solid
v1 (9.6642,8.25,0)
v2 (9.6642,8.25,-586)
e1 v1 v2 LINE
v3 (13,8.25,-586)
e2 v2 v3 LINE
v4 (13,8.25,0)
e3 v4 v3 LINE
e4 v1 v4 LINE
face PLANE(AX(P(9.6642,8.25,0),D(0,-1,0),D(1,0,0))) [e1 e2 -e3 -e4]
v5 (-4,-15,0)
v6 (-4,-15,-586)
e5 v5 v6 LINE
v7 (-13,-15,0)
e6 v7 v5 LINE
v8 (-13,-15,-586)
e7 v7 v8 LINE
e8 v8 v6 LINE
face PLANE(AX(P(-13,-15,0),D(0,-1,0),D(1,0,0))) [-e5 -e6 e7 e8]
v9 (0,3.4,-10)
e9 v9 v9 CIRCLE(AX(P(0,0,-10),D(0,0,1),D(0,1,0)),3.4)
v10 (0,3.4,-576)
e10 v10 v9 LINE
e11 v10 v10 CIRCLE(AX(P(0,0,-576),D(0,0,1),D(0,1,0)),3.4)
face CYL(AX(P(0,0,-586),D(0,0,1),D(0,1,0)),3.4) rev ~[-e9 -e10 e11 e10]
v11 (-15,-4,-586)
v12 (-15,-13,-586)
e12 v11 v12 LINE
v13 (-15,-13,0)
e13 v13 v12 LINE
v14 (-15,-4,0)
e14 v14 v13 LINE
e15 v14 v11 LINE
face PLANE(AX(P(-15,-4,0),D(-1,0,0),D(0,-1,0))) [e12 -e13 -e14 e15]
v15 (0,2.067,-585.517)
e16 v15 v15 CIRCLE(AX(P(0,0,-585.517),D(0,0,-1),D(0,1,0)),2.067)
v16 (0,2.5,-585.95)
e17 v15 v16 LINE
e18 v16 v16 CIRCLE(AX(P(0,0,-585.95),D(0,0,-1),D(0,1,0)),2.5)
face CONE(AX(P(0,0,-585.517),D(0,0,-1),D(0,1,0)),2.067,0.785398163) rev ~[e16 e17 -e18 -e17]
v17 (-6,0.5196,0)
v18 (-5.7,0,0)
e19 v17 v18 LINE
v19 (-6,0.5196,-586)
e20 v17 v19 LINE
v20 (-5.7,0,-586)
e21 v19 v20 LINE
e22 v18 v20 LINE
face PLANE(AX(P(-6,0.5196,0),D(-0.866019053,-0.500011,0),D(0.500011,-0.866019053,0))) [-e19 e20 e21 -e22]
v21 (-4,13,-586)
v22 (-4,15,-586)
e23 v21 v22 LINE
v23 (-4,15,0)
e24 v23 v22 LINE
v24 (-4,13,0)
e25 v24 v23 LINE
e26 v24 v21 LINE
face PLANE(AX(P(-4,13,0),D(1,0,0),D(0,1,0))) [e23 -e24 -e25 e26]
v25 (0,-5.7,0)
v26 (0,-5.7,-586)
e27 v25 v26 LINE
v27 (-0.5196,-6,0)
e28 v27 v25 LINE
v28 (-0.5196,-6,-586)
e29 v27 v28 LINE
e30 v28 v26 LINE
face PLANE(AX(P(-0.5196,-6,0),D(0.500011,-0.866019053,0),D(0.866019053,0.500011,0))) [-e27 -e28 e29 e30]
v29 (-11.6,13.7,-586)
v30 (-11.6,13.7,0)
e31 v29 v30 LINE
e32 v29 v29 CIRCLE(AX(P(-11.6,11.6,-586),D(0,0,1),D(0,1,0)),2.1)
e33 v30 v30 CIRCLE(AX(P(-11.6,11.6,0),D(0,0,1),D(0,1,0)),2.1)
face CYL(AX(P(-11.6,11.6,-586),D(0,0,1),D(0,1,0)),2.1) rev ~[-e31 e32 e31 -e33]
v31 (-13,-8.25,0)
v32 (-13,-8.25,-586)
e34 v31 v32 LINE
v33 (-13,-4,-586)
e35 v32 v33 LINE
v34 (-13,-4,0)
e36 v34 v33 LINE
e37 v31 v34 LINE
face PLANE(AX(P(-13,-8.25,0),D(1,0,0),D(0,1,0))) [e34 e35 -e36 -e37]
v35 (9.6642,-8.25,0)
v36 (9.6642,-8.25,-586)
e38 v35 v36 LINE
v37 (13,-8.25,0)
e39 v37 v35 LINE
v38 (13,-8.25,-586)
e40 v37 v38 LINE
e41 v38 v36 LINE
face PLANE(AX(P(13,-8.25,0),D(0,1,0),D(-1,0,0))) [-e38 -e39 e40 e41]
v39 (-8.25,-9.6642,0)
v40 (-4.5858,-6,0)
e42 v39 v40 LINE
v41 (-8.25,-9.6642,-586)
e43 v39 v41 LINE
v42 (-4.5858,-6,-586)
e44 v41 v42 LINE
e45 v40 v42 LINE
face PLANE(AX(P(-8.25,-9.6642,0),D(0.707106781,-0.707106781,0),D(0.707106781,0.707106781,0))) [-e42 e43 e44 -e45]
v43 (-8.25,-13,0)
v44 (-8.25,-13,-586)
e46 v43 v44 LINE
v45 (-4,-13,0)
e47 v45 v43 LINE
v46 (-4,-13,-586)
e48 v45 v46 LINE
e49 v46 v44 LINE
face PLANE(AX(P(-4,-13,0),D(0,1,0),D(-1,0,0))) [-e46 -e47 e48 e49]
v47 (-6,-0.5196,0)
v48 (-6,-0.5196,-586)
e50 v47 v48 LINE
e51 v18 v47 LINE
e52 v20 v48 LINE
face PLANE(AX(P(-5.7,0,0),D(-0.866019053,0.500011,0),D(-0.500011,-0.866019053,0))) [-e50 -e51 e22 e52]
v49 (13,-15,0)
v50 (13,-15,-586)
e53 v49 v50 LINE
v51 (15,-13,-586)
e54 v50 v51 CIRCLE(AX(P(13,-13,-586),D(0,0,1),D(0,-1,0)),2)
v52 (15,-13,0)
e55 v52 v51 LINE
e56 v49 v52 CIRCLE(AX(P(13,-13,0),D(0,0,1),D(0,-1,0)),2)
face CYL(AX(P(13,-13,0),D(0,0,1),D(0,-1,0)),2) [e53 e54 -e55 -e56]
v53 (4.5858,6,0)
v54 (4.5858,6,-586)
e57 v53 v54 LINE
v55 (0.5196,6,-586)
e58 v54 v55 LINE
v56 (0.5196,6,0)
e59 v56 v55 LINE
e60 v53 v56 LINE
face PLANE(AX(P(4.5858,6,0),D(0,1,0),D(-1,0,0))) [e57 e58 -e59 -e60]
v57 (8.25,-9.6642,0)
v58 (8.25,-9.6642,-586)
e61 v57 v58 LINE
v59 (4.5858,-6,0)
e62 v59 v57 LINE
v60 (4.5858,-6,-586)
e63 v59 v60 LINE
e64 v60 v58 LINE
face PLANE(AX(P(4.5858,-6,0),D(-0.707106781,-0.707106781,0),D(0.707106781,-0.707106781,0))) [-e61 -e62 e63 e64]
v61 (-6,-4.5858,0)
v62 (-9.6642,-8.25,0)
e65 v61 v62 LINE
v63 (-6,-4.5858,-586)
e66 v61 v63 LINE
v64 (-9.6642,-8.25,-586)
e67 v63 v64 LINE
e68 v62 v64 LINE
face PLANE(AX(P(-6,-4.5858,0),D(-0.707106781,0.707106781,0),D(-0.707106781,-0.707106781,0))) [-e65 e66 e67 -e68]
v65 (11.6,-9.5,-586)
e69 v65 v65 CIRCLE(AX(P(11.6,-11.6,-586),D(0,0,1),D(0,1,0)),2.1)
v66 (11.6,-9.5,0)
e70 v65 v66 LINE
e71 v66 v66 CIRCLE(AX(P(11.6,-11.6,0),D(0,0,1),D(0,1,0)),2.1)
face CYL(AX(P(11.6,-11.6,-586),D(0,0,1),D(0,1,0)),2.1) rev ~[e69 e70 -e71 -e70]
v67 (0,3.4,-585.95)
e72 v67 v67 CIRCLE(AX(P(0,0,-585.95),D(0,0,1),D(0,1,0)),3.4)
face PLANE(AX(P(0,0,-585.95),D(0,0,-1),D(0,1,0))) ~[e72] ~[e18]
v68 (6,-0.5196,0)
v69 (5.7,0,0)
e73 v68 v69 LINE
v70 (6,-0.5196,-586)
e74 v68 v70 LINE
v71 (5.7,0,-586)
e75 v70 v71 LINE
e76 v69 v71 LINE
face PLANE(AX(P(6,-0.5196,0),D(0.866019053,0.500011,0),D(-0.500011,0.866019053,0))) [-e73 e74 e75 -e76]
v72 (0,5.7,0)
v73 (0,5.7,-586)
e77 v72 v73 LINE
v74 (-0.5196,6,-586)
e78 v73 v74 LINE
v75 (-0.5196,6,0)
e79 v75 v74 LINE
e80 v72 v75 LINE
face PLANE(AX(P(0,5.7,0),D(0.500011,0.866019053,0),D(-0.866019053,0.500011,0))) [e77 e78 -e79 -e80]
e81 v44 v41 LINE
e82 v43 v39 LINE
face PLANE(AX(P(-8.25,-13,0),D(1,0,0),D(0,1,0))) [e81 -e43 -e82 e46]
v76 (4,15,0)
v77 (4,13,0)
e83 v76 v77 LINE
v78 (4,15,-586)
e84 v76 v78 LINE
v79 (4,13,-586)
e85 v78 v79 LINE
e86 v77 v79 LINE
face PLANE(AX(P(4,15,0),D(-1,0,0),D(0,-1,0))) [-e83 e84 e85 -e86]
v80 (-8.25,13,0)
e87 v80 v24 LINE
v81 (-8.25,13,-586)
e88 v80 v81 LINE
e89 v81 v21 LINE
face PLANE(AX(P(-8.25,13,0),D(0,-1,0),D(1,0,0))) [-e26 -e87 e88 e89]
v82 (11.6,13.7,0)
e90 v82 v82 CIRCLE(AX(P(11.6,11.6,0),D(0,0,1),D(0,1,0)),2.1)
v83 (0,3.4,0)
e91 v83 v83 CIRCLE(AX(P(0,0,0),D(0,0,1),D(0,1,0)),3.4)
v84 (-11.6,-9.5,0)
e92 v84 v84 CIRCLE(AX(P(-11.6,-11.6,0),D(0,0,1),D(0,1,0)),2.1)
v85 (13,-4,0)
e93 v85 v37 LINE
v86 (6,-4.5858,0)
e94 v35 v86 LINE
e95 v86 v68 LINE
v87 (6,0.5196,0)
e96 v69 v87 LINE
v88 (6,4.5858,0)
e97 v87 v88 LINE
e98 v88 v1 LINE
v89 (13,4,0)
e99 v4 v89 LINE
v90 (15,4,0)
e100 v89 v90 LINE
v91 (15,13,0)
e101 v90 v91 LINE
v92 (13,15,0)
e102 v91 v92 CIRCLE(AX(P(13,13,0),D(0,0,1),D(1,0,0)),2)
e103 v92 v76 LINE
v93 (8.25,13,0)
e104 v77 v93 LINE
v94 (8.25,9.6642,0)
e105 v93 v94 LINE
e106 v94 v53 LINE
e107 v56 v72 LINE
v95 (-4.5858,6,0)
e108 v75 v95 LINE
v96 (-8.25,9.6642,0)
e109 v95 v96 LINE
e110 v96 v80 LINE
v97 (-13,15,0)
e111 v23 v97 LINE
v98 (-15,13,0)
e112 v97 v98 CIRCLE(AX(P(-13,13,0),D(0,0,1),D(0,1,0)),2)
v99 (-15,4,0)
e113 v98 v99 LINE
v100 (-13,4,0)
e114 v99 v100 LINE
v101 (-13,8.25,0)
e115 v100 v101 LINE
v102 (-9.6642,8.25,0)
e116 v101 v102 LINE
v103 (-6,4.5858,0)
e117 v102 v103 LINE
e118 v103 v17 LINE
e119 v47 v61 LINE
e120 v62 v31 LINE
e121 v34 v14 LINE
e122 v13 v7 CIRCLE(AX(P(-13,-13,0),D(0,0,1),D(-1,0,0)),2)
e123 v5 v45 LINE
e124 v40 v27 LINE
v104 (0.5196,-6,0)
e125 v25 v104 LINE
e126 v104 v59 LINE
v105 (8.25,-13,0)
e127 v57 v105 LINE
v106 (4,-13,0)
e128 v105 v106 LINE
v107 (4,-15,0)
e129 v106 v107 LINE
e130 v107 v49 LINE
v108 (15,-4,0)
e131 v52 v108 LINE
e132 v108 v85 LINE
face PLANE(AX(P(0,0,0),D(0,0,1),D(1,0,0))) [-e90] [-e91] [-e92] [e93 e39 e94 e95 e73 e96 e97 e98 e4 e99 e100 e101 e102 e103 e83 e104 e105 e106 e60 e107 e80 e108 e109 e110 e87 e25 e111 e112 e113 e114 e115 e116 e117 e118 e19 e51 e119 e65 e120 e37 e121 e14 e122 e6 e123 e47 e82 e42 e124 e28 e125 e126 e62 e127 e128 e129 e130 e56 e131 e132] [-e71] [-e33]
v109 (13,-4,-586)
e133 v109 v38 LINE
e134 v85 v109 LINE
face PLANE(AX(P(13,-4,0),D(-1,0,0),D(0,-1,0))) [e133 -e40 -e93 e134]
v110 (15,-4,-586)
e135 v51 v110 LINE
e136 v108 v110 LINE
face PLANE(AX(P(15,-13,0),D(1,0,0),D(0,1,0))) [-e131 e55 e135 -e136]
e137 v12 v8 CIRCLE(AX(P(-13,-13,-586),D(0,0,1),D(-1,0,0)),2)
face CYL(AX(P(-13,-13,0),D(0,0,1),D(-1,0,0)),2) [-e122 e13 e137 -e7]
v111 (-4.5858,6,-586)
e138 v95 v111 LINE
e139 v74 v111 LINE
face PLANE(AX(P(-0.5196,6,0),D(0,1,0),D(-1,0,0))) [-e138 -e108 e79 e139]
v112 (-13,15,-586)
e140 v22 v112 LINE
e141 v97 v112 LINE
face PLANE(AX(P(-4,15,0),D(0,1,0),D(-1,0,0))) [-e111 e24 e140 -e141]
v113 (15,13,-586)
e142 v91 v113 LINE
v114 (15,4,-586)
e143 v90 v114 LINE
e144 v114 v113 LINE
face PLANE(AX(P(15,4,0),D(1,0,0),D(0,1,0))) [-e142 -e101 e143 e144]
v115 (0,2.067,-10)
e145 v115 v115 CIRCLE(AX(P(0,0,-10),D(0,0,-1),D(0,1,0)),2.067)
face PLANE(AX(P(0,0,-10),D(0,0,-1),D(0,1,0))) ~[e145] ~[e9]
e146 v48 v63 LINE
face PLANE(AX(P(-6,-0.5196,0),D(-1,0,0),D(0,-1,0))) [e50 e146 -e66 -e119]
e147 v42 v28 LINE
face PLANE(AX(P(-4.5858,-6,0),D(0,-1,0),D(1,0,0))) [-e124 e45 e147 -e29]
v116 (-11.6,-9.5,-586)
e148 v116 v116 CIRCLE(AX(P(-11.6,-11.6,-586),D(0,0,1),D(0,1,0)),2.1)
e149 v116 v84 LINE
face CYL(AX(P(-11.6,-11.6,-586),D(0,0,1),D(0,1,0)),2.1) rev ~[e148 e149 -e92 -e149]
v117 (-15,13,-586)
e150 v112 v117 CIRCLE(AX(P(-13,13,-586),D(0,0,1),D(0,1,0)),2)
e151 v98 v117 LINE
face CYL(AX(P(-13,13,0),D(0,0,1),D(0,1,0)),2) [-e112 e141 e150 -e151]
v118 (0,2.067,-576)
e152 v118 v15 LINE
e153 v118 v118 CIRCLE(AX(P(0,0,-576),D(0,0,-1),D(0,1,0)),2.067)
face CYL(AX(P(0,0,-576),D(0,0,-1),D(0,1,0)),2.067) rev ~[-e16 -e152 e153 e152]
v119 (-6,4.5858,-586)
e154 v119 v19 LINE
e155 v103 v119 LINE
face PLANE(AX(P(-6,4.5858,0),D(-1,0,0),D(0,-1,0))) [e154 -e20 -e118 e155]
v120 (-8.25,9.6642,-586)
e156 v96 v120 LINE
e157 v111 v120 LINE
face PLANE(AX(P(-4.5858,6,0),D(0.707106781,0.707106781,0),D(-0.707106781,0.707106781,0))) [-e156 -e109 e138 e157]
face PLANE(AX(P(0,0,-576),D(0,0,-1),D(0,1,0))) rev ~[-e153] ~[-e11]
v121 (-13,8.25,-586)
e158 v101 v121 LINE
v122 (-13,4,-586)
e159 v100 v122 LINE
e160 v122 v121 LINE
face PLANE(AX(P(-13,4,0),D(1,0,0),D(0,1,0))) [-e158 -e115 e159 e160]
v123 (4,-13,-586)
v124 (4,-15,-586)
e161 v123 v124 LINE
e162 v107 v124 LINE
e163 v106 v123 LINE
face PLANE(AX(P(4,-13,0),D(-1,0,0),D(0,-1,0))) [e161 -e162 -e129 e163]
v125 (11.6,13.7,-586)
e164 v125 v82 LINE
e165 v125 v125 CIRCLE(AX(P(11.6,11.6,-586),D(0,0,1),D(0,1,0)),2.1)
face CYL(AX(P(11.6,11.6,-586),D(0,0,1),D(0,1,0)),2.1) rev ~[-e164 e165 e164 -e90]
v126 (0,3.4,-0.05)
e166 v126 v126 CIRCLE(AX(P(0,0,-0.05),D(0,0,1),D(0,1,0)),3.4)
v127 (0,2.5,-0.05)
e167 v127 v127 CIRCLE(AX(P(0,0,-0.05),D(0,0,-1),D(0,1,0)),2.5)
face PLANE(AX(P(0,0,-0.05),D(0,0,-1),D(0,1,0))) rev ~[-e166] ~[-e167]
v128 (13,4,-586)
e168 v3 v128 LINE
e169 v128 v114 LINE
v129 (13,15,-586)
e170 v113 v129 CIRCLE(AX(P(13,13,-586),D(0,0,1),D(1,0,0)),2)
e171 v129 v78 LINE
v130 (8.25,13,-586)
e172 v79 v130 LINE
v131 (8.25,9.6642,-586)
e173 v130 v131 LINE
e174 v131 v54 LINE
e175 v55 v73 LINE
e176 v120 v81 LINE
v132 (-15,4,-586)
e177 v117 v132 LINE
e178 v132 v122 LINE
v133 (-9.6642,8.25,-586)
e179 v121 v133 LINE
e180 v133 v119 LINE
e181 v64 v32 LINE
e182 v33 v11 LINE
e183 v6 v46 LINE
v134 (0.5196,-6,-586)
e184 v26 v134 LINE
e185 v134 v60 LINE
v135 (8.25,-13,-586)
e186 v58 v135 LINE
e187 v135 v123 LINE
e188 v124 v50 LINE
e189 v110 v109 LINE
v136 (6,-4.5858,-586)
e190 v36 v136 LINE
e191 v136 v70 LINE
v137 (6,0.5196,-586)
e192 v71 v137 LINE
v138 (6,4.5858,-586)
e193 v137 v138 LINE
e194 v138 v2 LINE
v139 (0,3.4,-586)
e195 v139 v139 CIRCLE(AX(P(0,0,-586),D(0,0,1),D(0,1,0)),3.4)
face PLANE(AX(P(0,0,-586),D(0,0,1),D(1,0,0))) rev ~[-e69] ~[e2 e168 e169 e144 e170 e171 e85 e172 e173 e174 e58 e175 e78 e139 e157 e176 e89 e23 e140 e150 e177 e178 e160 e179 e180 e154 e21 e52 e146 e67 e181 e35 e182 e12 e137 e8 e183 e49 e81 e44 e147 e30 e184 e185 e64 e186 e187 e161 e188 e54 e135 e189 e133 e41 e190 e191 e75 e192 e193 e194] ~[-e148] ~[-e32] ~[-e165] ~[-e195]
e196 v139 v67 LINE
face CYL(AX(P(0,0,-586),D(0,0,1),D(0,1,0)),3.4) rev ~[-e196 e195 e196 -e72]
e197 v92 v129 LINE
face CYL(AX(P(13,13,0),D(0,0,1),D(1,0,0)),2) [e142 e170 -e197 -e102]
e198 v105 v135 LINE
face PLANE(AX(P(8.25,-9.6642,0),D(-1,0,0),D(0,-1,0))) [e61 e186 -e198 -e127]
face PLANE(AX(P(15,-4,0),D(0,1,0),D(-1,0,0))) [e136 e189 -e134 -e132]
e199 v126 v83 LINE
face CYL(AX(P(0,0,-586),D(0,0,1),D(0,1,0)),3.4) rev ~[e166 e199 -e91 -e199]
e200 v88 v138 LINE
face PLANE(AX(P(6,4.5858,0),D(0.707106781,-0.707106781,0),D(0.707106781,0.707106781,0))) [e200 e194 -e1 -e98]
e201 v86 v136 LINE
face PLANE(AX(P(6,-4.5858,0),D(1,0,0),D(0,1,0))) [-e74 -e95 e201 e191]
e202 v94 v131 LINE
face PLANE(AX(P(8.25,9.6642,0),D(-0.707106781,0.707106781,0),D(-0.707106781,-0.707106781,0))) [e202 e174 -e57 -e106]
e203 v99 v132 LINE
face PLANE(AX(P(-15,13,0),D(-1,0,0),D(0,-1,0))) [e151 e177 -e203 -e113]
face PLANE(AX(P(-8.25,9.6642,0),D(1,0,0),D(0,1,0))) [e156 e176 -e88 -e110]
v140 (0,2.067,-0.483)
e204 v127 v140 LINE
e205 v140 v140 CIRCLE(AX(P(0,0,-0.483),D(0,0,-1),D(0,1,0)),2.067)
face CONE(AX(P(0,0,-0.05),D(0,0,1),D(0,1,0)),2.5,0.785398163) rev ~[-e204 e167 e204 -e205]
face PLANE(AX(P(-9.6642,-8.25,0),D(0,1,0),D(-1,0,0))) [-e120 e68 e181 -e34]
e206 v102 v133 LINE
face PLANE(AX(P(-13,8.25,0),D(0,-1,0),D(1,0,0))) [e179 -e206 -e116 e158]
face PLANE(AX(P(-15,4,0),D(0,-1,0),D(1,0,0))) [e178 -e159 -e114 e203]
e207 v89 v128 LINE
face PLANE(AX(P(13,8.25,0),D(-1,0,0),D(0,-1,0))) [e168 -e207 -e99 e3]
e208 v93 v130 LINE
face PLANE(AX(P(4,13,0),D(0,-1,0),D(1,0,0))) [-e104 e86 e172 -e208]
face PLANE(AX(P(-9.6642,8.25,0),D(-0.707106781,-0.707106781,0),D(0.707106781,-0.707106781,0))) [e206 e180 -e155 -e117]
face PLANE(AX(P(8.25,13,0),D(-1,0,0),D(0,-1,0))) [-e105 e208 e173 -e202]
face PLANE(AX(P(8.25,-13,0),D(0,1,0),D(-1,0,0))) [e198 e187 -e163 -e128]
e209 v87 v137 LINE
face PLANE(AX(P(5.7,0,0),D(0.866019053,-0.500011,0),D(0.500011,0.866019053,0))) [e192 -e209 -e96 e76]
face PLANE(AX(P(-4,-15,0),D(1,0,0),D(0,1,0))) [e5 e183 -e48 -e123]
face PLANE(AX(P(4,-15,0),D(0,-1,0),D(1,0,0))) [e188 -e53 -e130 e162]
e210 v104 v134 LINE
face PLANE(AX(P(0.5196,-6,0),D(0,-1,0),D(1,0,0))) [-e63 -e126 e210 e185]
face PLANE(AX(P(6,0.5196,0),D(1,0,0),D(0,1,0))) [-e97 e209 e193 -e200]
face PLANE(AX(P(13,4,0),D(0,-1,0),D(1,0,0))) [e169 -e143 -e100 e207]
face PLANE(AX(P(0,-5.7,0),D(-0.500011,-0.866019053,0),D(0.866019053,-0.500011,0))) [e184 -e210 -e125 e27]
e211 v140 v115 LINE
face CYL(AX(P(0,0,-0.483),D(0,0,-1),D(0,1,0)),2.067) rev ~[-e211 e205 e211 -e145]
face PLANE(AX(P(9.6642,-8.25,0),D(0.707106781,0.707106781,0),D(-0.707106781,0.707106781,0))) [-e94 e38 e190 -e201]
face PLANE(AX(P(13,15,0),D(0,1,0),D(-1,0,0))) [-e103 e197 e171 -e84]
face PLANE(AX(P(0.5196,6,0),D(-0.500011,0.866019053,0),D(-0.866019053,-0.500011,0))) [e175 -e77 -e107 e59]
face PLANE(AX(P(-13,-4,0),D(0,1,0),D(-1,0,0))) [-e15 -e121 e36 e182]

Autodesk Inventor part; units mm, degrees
sketch "Sketch_1" plane through (0, 0, 0) normal (0, 0, 1) x (1, 0, 0)
  line L0 (-15, -4) -> (-15, -13)
  arc A0 (-15, -13) -> (-13, -15) centre (-13, -13) ccw
  line L1 (-13, -15) -> (-4, -15)
  line L2 (-4, -15) -> (-4, -13)
  line L3 (-4, -13) -> (-8.25, -13)
  line L4 (-8.25, -13) -> (-8.25, -9.6642)
  line L5 (-8.25, -9.6642) -> (-4.5858, -6)
  line L6 (-4.5858, -6) -> (-0.5196, -6)
  line L7 (-0.5196, -6) -> (0, -5.7)
  line L8 (0, -5.7) -> (0.5196, -6)
  line L9 (0.5196, -6) -> (4.5858, -6)
  line L10 (4.5858, -6) -> (8.25, -9.6642)
  line L11 (8.25, -9.6642) -> (8.25, -13)
  line L12 (8.25, -13) -> (4, -13)
  line L13 (4, -13) -> (4, -15)
  line L14 (4, -15) -> (13, -15)
  arc A1 (13, -15) -> (15, -13) centre (13, -13) ccw
  line L15 (15, -13) -> (15, -4)
  line L16 (15, -4) -> (13, -4)
  line L17 (13, -4) -> (13, -8.25)
  line L18 (13, -8.25) -> (9.6642, -8.25)
  line L19 (9.6642, -8.25) -> (6, -4.5858)
  line L20 (6, -4.5858) -> (6, -0.5196)
  line L21 (6, -0.5196) -> (5.7, 0)
  line L22 (5.7, 0) -> (6, 0.5196)
  line L23 (6, 0.5196) -> (6, 4.5858)
  line L24 (6, 4.5858) -> (9.6642, 8.25)
  line L25 (9.6642, 8.25) -> (13, 8.25)
  line L26 (13, 8.25) -> (13, 4)
  line L27 (13, 4) -> (15, 4)
  line L28 (15, 4) -> (15, 13)
  arc A2 (15, 13) -> (13, 15) centre (13, 13) ccw
  line L29 (13, 15) -> (4, 15)
  line L30 (4, 15) -> (4, 13)
  line L31 (4, 13) -> (8.25, 13)
  line L32 (8.25, 13) -> (8.25, 9.6642)
  line L33 (8.25, 9.6642) -> (4.5858, 6)
  line L34 (4.5858, 6) -> (0.5196, 6)
  line L35 (0.5196, 6) -> (0, 5.7)
  line L36 (0, 5.7) -> (-0.5196, 6)
  line L37 (-0.5196, 6) -> (-4.5858, 6)
  line L38 (-4.5858, 6) -> (-8.25, 9.6642)
  line L39 (-8.25, 9.6642) -> (-8.25, 13)
  line L40 (-8.25, 13) -> (-4, 13)
  line L41 (-4, 13) -> (-4, 15)
  line L42 (-4, 15) -> (-13, 15)
  arc A3 (-13, 15) -> (-15, 13) centre (-13, 13) ccw
  line L43 (-15, 13) -> (-15, 4)
  line L44 (-15, 4) -> (-13, 4)
  line L45 (-13, 4) -> (-13, 8.25)
  line L46 (-13, 8.25) -> (-9.6642, 8.25)
  line L47 (-9.6642, 8.25) -> (-6, 4.5858)
  line L48 (-6, 4.5858) -> (-6, 0.5196)
  line L49 (-6, 0.5196) -> (-5.7, 0)
  line L50 (-5.7, 0) -> (-6, -0.5196)
  line L51 (-6, -0.5196) -> (-6, -4.5858)
  line L52 (-6, -4.5858) -> (-9.6642, -8.25)
  line L53 (-9.6642, -8.25) -> (-13, -8.25)
  line L54 (-13, -8.25) -> (-13, -4)
  line L55 (-13, -4) -> (-15, -4)
extrude "Extrusion1" add sketch "Sketch_1" against normal blind 586
sketch "Sketch2" plane through (0, 0, -586) normal (0, 0, -1) x (-1, 0, 0)
  point P0 (0, 0)
hole "Hole1" at (0, 0, -586) direction (0, 0, 1) diameter 6.8 depth 586
sketch "Sketch3" plane through (0, 0, -586) normal (0, 0, -1) x (-1, 0, 0)
  point P0 (-11.6, 11.6)
hole "Hole2" at (11.6, 11.6, -586) direction (0, 0, 1) diameter 4.2 depth 586
pattern_linear "Rectangular Pattern1" count 2 spacing 23.2 along (-1, 0, 0) count 2 spacing 23.2 along (0, -1, 0) of "Hole2"
sketch "Sketch_41" plane through (0, 0, 0) normal (1, 0, 0) x (0, 0, -1)
  line L0 (10, 0) -> (0.05, 0)
  line L1 (0.05, 2.5) -> (0.483, 2.067)
  line L2 (0.483, 2.067) -> (10, 2.067)
  line L3 (10, 2.067) -> (10, 3.45)
  line L4 (10, 3.45) -> (0.05, 3.45)
  line L5 (0.05, 3.45) -> (0.05, 2.5)
revolve "Revolution1" add sketch "Sketch_41" angle 360 about axis through (0, 0, -10) along (0, 0, -1)
thread "Thread1" size "M5x0.8" class "6H" standard "ISO Metric profile" full length
sketch "Sketch_42" plane through (0, 0, 0) normal (1, 0, 0) x (0, 0, -1)
  line L0 (585.95, 0) -> (576, 0)
  line L1 (576, 3.45) -> (576, 2.067)
  line L2 (576, 2.067) -> (585.517, 2.067)
  line L3 (585.517, 2.067) -> (585.95, 2.5)
  line L4 (585.95, 2.5) -> (585.95, 3.45)
  line L5 (585.95, 3.45) -> (576, 3.45)
revolve "Revolution2" add sketch "Sketch_42" angle 360 about axis through (0, 0, -585.95) along (0, 0, -1)
thread "Thread2" size "M5x0.8" class "6H" standard "ISO Metric profile" full length
ref_plane "C1_XY" through (0, 0, 0) normal (0, 0, 1) x (1, 0, 0)
ref_plane "C1_YZ" through (0, 0, 0) normal (1, 0, 0) x (0, 1, 0)
ref_plane "C1_ZX" through (0, 0, 0) normal (0, 1, 0) x (0, 0, 1)
ref_plane "to_frame_cap1_XY" through (0, 0, 0) normal (0, 0, 1) x (1, 0, 0)
ref_plane "to_frame_cap1_YZ" through (0, 0, 0) normal (1, 0, 0) x (0, 1, 0)
ref_plane "to_frame_cap1_ZX" through (0, 0, 0) normal (0, 1, 0) x (0, 0, 1)
ref_plane "to_frame_cap2_XY" through (0, 0, -586) normal (0, 0, -1) x (1, 0, 0)
ref_plane "to_frame_cap2_YZ" through (0, 0, -586) normal (1, 0, 0) x (0, -1, 0)
ref_plane "to_frame_cap2_ZX" through (0, 0, -586) normal (0, -1, 0) x (0, 0, -1)
properties part number "HFSB6-3030-586-HPW"
